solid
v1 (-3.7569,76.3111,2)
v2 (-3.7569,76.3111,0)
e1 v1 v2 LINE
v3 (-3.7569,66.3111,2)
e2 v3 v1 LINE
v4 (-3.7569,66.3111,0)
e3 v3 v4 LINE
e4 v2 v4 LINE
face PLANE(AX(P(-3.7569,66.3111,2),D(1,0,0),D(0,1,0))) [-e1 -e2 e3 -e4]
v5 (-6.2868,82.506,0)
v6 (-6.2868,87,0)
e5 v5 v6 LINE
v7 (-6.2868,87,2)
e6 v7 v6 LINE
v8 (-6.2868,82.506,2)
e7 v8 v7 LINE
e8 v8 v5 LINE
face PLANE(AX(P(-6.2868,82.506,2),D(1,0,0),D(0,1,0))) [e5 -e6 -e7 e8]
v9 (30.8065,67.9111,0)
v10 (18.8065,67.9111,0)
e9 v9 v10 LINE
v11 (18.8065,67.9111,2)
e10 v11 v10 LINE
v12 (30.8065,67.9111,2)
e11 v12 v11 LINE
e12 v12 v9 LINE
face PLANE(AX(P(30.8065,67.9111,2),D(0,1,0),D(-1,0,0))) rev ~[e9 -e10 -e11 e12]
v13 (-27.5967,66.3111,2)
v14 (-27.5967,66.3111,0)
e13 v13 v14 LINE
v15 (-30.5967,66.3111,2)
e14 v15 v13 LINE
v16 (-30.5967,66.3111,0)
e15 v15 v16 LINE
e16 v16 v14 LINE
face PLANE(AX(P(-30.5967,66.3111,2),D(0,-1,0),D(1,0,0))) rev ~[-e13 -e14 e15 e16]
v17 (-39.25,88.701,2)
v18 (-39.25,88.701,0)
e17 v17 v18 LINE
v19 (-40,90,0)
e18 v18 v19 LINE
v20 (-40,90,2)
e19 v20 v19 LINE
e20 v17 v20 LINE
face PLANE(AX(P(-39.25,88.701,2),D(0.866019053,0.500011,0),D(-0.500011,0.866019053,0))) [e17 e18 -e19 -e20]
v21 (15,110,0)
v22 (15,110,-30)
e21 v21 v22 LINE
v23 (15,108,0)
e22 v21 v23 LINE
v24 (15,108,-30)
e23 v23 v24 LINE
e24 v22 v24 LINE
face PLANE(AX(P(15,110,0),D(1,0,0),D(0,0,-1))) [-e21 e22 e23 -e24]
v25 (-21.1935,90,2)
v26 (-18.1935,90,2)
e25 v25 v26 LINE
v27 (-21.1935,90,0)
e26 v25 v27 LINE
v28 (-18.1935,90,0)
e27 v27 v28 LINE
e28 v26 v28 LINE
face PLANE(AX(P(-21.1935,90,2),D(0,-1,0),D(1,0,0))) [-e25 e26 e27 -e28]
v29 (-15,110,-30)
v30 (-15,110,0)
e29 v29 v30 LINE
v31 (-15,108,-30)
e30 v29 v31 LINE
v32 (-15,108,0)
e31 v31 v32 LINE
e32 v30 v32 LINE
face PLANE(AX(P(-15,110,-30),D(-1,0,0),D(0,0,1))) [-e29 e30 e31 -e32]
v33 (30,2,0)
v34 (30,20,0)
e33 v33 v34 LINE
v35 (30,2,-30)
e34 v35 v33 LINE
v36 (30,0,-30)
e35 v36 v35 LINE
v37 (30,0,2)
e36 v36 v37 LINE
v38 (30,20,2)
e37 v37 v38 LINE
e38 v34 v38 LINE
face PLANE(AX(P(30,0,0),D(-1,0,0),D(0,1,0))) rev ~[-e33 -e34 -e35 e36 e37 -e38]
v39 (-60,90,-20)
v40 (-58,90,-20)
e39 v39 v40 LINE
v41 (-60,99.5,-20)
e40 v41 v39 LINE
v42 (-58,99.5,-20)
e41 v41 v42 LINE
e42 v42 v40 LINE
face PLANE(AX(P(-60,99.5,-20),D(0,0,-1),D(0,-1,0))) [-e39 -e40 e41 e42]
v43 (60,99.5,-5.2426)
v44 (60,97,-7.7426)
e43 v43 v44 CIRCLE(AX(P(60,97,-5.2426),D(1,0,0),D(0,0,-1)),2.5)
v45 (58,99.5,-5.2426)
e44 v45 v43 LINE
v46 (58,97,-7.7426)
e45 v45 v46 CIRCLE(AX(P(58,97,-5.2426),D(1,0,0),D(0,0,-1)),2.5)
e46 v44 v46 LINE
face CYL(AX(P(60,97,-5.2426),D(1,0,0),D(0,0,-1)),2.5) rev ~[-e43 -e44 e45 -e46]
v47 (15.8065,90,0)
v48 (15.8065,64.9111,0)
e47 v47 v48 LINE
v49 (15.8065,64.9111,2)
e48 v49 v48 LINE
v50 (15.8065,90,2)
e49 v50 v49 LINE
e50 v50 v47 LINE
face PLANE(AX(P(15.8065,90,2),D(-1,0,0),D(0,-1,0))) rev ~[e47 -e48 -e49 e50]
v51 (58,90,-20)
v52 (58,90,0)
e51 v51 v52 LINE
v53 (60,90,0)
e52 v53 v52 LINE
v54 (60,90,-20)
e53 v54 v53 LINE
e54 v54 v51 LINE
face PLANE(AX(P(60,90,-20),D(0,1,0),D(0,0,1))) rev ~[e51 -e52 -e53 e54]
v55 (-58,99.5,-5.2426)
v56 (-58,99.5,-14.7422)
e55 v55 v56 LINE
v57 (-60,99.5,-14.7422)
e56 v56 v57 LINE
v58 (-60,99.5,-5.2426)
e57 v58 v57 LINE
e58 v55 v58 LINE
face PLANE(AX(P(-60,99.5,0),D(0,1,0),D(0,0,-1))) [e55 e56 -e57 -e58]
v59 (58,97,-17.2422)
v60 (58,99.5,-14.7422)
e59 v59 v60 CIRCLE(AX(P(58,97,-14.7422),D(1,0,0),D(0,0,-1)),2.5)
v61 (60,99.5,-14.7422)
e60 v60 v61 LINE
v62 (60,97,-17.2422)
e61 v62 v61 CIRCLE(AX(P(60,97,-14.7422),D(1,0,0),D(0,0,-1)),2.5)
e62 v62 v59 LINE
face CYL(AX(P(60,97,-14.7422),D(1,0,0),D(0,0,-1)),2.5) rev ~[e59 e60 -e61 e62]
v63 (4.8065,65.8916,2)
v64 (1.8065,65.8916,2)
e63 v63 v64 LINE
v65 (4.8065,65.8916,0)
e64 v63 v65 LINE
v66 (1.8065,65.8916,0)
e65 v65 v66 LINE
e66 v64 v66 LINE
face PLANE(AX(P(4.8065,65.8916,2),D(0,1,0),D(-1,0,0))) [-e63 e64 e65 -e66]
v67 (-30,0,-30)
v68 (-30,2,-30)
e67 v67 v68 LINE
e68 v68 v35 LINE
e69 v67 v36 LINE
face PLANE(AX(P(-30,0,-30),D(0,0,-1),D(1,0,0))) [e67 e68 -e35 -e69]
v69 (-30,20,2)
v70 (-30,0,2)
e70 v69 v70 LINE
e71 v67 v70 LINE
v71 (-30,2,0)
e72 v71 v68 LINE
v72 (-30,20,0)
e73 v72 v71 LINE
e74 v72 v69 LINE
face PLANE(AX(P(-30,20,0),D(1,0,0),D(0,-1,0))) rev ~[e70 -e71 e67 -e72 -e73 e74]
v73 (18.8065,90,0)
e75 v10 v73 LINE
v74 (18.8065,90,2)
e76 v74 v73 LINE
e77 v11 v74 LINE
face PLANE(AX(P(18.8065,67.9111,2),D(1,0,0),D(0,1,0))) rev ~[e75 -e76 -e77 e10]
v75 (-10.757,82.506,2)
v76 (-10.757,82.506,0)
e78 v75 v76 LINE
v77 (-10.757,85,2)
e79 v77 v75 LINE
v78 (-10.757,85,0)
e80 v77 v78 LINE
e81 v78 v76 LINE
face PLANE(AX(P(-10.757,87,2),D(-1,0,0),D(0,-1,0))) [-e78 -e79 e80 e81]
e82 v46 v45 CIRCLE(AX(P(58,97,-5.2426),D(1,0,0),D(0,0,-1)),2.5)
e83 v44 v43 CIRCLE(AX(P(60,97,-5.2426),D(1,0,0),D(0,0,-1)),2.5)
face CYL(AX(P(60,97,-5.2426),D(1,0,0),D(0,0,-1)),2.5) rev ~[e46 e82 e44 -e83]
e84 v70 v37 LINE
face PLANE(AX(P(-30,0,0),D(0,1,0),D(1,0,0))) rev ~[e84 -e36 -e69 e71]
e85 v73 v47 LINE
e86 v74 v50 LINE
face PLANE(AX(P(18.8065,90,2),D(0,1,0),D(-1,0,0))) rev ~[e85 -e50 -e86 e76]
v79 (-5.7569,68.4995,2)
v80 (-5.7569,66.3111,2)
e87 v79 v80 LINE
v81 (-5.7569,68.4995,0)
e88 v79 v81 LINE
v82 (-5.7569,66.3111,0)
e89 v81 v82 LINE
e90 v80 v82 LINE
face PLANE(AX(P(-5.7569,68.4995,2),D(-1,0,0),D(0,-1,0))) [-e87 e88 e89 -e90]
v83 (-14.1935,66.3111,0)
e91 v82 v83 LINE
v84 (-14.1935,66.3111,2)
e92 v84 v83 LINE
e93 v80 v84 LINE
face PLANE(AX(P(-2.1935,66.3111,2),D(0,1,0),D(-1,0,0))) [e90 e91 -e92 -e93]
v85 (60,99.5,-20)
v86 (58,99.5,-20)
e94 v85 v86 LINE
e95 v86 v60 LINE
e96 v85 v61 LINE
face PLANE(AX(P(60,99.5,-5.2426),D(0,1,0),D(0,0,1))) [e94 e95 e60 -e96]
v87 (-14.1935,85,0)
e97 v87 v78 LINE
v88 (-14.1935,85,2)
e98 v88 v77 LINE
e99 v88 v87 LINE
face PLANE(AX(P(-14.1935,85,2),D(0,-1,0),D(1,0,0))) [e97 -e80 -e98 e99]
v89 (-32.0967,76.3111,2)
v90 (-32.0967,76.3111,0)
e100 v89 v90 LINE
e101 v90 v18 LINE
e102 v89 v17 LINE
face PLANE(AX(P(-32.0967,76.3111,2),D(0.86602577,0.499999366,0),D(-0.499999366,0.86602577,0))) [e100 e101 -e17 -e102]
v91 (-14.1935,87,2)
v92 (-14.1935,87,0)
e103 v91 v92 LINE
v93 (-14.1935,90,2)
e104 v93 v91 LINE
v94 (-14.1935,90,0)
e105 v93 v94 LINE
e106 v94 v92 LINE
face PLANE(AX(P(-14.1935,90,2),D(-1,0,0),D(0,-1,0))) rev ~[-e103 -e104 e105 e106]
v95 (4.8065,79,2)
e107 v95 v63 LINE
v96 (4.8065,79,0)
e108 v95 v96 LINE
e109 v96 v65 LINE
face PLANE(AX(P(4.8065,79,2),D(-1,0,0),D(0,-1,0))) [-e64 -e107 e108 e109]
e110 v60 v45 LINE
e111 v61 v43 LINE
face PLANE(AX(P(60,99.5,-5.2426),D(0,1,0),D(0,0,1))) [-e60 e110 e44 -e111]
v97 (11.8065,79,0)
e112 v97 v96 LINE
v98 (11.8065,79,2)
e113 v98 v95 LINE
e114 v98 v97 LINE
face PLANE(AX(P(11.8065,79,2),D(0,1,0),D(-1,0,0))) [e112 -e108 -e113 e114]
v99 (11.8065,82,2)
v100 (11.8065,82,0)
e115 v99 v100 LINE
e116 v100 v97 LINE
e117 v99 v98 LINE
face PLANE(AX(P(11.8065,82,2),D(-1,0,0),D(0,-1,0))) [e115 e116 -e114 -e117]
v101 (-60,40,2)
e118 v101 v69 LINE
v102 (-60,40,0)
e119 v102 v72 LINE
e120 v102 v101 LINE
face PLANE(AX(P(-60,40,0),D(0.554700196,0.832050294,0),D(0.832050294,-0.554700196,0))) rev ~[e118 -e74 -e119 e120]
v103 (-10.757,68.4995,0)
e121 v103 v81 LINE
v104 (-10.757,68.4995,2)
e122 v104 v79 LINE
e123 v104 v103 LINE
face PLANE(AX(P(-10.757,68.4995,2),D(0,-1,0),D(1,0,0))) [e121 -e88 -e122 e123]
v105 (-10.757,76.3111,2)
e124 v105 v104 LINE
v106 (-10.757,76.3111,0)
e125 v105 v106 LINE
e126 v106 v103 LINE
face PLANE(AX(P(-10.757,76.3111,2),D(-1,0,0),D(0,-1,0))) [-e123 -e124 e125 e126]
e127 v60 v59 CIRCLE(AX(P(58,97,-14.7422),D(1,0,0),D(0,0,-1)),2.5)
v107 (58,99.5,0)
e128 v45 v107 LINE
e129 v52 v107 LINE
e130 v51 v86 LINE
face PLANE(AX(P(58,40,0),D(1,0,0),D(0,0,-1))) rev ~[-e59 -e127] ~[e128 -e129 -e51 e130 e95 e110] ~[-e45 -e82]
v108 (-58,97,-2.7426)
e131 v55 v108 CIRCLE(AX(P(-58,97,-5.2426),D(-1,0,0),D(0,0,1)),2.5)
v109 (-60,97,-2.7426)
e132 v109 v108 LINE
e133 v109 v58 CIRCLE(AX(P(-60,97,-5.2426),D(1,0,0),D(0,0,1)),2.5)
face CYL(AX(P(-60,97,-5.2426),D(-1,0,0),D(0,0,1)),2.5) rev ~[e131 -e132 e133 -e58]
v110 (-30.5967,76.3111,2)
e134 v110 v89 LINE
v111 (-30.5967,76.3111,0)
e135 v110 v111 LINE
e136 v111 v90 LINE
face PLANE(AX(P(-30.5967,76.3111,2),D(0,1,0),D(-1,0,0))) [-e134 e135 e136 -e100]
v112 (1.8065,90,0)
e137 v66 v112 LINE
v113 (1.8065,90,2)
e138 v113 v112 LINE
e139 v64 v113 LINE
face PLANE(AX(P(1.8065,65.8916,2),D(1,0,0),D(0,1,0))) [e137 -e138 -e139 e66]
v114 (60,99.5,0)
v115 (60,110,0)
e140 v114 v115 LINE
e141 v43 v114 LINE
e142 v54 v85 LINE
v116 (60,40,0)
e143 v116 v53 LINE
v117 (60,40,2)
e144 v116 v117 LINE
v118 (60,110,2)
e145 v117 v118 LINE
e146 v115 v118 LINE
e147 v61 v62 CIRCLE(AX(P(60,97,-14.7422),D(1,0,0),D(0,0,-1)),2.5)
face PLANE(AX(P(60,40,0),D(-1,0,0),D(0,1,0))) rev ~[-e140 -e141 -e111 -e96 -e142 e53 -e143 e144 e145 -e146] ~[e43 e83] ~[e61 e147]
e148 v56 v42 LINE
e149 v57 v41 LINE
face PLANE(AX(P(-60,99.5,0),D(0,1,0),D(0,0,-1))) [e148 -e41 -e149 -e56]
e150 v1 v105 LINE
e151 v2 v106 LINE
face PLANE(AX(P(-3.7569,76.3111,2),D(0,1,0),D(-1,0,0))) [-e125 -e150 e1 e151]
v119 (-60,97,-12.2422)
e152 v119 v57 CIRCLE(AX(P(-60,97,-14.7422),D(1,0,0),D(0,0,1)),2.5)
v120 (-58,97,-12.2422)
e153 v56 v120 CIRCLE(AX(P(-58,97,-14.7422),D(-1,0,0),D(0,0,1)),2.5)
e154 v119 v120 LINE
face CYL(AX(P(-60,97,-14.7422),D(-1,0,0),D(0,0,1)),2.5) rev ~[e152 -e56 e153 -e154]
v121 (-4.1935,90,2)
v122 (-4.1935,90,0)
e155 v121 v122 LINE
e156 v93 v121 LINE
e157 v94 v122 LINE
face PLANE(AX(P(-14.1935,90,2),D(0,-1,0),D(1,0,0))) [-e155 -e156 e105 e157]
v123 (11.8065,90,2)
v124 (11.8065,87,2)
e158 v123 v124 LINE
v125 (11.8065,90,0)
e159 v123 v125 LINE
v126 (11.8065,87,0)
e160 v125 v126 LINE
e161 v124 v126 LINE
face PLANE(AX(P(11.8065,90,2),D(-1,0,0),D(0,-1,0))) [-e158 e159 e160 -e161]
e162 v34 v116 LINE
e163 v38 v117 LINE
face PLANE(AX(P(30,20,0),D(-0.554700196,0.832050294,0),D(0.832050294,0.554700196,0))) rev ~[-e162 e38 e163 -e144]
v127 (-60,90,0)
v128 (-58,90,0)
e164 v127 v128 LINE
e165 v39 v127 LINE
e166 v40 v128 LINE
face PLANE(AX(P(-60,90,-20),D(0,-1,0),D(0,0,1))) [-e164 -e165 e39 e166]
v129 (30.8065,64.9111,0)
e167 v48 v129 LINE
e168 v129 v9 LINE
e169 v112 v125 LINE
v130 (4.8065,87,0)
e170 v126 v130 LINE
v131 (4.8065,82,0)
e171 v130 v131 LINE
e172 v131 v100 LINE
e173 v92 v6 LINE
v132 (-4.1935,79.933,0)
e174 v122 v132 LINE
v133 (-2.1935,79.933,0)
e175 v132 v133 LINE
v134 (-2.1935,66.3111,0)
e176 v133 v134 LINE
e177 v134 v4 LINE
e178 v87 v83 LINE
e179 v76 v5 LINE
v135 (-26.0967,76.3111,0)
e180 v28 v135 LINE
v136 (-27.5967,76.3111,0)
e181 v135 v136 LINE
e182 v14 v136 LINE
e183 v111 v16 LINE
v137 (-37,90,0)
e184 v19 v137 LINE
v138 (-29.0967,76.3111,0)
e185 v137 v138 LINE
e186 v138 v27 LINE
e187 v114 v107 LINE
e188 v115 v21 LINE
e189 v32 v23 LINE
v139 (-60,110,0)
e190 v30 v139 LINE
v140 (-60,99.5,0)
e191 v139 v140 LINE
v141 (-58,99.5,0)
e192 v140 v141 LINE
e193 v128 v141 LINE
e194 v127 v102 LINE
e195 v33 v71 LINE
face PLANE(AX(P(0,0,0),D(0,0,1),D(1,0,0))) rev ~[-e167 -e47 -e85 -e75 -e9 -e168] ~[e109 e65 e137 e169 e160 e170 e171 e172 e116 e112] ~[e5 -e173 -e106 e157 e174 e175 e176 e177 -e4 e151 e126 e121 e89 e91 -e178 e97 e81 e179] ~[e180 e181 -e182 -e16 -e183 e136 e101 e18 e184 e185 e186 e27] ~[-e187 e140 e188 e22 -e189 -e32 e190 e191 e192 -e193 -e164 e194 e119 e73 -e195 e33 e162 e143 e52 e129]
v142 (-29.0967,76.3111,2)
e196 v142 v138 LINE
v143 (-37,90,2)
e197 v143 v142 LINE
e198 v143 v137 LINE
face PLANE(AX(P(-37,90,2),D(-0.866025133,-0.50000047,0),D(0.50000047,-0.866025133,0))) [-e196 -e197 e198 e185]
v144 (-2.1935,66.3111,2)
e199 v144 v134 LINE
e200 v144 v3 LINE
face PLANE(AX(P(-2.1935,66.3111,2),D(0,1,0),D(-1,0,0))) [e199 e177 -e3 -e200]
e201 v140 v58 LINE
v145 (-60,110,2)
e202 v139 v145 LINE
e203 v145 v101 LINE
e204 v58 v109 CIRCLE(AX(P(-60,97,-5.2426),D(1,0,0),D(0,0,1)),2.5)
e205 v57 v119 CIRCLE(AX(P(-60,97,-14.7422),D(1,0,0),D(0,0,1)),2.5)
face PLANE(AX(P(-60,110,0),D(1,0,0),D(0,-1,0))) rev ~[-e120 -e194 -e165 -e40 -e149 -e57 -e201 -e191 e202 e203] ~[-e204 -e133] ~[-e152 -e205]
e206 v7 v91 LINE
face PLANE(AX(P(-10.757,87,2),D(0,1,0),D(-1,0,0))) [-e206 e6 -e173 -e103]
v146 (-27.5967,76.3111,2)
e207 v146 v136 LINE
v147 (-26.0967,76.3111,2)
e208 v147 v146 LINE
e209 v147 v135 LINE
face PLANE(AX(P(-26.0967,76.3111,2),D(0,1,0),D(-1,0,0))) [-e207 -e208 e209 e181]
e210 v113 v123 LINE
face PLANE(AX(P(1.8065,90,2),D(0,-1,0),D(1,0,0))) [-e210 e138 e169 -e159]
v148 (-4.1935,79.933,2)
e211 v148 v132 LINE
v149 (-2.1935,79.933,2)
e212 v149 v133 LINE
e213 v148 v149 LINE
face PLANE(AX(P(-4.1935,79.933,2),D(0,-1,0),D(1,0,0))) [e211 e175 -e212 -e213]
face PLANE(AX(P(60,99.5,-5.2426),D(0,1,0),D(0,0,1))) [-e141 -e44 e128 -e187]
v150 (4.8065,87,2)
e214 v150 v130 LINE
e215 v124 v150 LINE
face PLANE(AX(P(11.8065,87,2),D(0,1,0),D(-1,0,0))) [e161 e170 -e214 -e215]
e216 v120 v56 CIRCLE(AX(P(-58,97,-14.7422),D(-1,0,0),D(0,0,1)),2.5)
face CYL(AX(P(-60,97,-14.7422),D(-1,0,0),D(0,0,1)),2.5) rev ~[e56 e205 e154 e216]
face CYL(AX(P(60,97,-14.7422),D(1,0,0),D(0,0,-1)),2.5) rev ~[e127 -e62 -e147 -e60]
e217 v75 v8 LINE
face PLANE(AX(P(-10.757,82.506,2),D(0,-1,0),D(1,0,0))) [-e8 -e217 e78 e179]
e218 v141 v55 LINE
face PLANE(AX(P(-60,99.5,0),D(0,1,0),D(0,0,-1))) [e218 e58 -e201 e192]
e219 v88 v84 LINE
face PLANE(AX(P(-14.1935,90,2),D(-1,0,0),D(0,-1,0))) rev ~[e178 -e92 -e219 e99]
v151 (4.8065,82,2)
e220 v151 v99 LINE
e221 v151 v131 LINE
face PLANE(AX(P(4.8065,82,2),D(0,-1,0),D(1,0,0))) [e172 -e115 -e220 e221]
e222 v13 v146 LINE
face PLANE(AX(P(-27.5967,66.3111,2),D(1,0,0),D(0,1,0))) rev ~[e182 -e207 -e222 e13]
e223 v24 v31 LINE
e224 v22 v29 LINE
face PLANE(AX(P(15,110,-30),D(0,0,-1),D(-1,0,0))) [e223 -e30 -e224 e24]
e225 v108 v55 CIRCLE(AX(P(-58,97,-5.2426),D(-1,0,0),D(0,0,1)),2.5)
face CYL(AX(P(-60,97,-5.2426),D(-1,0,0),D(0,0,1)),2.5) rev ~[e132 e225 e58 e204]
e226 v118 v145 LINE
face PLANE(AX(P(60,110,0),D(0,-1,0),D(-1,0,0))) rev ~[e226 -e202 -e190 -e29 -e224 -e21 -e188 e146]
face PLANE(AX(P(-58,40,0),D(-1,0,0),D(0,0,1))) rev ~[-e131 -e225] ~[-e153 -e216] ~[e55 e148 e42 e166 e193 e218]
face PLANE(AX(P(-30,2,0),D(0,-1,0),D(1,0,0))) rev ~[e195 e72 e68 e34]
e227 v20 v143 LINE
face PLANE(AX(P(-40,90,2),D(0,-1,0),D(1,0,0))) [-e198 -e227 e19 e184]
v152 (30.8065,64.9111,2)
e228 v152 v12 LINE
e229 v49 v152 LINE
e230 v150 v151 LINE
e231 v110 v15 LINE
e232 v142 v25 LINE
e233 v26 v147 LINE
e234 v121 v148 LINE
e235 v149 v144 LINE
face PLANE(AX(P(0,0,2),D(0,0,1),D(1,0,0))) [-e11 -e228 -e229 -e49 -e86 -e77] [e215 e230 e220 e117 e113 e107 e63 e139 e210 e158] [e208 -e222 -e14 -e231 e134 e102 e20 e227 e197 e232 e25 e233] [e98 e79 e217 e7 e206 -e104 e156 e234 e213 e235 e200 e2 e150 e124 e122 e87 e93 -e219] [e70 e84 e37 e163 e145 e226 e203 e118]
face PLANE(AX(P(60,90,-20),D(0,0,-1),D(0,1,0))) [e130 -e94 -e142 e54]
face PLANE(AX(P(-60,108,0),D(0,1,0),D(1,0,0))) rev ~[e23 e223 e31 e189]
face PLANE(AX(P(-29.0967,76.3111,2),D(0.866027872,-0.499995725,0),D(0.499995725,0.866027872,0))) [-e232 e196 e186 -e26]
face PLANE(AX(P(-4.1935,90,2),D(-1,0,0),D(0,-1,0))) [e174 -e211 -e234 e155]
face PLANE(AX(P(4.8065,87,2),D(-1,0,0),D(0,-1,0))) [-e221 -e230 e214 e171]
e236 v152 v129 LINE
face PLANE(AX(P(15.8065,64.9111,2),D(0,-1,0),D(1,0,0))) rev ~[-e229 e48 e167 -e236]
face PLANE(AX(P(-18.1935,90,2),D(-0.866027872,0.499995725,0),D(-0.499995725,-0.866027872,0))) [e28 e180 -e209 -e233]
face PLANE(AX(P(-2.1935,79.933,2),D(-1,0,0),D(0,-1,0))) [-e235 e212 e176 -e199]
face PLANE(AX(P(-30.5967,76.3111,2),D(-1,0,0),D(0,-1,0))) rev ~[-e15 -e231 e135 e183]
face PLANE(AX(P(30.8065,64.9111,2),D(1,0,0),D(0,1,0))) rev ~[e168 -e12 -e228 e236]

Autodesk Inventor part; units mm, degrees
ref_plane "YZ Plane" through (0, 0, 0) normal (1, 0, 0) x (0, 1, 0)
ref_plane "XZ Plane" through (0, 0, 0) normal (0, 1, 0) x (-1, 0, 0)
ref_plane "XY Plane" through (0, 0, 0) normal (0, 0, 1) x (1, 0, 0)
sketch "Sketch1" plane through (0, 0, 0) normal (0, 0, 1) x (1, 0, 0)
  line L0 (-30, 0) -> (30, 0)
  line L1 (30, 0) -> (30, 20)
  line L2 (-30, 20) -> (-30, 0)
  line L3 (60, 40) -> (60, 110)
  line L4 (60, 110) -> (-60, 110)
  line L5 (-60, 110) -> (-60, 40)
  line L6 (-60, 40) -> (-30, 20)
  line L7 (30, 20) -> (60, 40)
  point P0 (0, 0)
  dimension "d0" = 60
  dimension "d1" = 20
  dimension "d2" = 120
  dimension "d3" = 70
extrude "Extrusion1" add sketch "Sketch1" along normal blind 2
sketch "Sketch2" plane through (-30, 0, 0) normal (0, -1, 0) x (1, 0, 0)
  line L0 (60, 0) -> (60, 2) projected
  line L1 (60, 0) -> (0, 0)
  line L2 (0, 0) -> (0, -30)
  line L3 (0, -30) -> (60, -30)
  line L4 (60, -30) -> (60, 0)
  point P0 (30, 0)
  dimension "d6" = 60
  dimension "d7" = 30
extrude "Extrusion2" add sketch "Sketch2" against normal blind 2
sketch "Sketch3" plane through (0, 0, 2) normal (0, 0, 1) x (1, 0, 0)
  line L0 (-37, 90) -> (-29.0967, 76.3111)
  line L1 (-37, 90) -> (-21.1935, 90) construction
  line L2 (-30.5967, 76.3111) -> (-32.0967, 76.3111)
  line L3 (-32.0967, 76.3111) -> (-39.25, 88.701)
  line L4 (-39.25, 88.701) -> (-40, 90)
  line L5 (-40, 90) -> (-37, 90)
  line L6 (-29.0967, 76.3111) -> (-21.1935, 90)
  line L7 (-21.1935, 90) -> (-18.1935, 90)
  line L8 (-18.1935, 90) -> (-26.0967, 76.3111)
  line L9 (-26.0967, 76.3111) -> (-27.5967, 76.3111)
  line L10 (-30.5967, 76.3111) -> (-30.5967, 66.3111)
  line L11 (-30.5967, 66.3111) -> (-27.5967, 66.3111)
  line L12 (-27.5967, 66.3111) -> (-27.5967, 76.3111)
  line L13 (-14.1935, 90) -> (-14.1935, 66.3111)
  line L14 (-14.1935, 90) -> (-4.1935, 90)
  line L15 (-4.1935, 90) -> (-4.1935, 79.933)
  line L16 (-4.1935, 79.933) -> (-2.1935, 79.933)
  line L17 (-2.1935, 79.933) -> (-2.1935, 66.3111)
  line L18 (-2.1935, 66.3111) -> (-14.1935, 66.3111)
  line L19 (-10.757, 87) -> (-10.757, 82.506)
  line L20 (-10.757, 82.506) -> (-6.2868, 82.506)
  line L21 (-6.2868, 82.506) -> (-6.2868, 87)
  line L22 (-6.2868, 87) -> (-10.757, 87)
  line L23 (-10.757, 76.3111) -> (-10.757, 68.4995)
  line L24 (-10.757, 68.4995) -> (-3.7569, 68.4995)
  line L25 (-3.7569, 68.4995) -> (-3.7569, 76.3111)
  line L26 (-3.7569, 76.3111) -> (-10.757, 76.3111)
  line L27 (1.8065, 65.8916) -> (1.8065, 90)
  line L28 (1.8065, 90) -> (11.8065, 90)
  line L29 (11.8065, 90) -> (11.8065, 87)
  line L30 (11.8065, 87) -> (4.8065, 87)
  line L31 (4.8065, 87) -> (4.8065, 82)
  line L32 (4.8065, 82) -> (11.8065, 82)
  line L33 (11.8065, 82) -> (11.8065, 79)
  line L34 (11.8065, 79) -> (4.8065, 79)
  line L35 (4.8065, 79) -> (4.8065, 65.8916)
  line L36 (4.8065, 65.8916) -> (1.8065, 65.8916)
  line L37 (15.8065, 90) -> (15.8065, 64.9111)
  line L38 (15.8065, 64.9111) -> (30.8065, 64.9111)
  line L39 (30.8065, 64.9111) -> (30.8065, 67.9111)
  line L40 (30.8065, 67.9111) -> (18.8065, 67.9111)
  line L41 (18.8065, 67.9111) -> (18.8065, 90)
  line L42 (18.8065, 90) -> (15.8065, 90)
  point P0 (0, 0)
  dimension "d10" = 60
  dimension "d12" = 3
  dimension "d13" = 60
  dimension "d14" = 10
  dimension "d15" = 10
  dimension "d16" = 2
  dimension "d17" = 10
  dimension "d19" = 3
  dimension "d20" = 7
  dimension "d21" = 5
  dimension "d22" = 3
  dimension "d23" = 15
  dimension "d25" = 3
  dimension "d26" = 12
  dimension "d27" = 4
  dimension "d28" = 4
  dimension "d29" = 4
extrude "Extrusion3" cut sketch "Sketch3" against normal blind 2
sketch "Sketch6" plane through (0, 0, 2) normal (0, 0, 1) x (1, 0, 0)
  line L0 (-14.1935, 66.3111) -> (-2.1935, 66.3111) projected
  line L1 (-3.7569, 68.4995) -> (-5.7569, 68.4995)
  line L2 (-5.7569, 68.4995) -> (-5.7569, 66.3111)
  line L3 (-5.7569, 66.3111) -> (-3.7569, 66.3111)
  line L4 (-3.7569, 66.3111) -> (-3.7569, 68.4995)
  line L5 (-14.1935, 90) -> (-14.1935, 66.3111) projected
  line L6 (-10.757, 87) -> (-14.1935, 87)
  line L7 (-14.1935, 87) -> (-14.1935, 85)
  line L8 (-14.1935, 85) -> (-10.757, 85)
  line L9 (-10.757, 85) -> (-10.757, 87)
  point P0 (0, 0)
  dimension "d32" = 2
  dimension "d33" = 2
extrude "Extrusion4" add sketch "Sketch6" against normal blind 2
sketch "Sketch8" plane through (-60, 110, 0) normal (0, 1, 0) x (1, 0, 0)
  line L0 (45, 0) -> (75, 0)
  line L1 (75, 0) -> (75, 30)
  line L2 (75, 30) -> (45, 30)
  line L3 (45, 30) -> (45, 0)
  point P0 (60, 0)
  dimension "d36" = 30
  dimension "d37" = 30
extrude "Extrusion5" add sketch "Sketch8" against normal blind 2
sketch "Sketch9" plane through (-60, 40, 0) normal (-1, 0, 0) x (0, 0, 1)
  line L0 (0, 0) -> (0, 70) projected
  line L1 (0, 59.5) -> (-20, 59.5)
  line L2 (-20, 59.5) -> (-20, 50)
  line L3 (-20, 50) -> (0, 50)
  line L4 (0, 50) -> (0, 59.5)
  line L5 (0, 0) -> (2, 0) projected
  point P0 (0, -40)
  dimension "d40" = 20
  dimension "d41" = 9.5
  dimension "d56" = 50
extrude "Extrusion6" add sketch "Sketch9" against normal blind 2
sketch "Sketch10" plane through (-60, 40, 2) normal (-1, 0, 0) x (0, 0, 1)
  circle A0 centre (-16.7422, 57) radius 2.5
  line L0 (-2, 59.5) -> (-22, 59.5) projected
  line L1 (-22, 59.5) -> (-22, 50) projected
  circle A1 centre (-7.2426, 57) radius 2.5
  point P0 (-2, -40)
  dimension "d44" = 5
  dimension "d45" = 2.5
  dimension "d46" = 5.2578
  dimension "d47" = 5
  dimension "d48" = 2.5
  dimension "d49" = 9.4996
extrude "Extrusion7" cut sketch "Sketch10" against normal blind 2
sketch "Sketch12" plane through (60, 40, 0) normal (1, 0, 0) x (0, 0, -1)
  line L0 (5.2426, 59.5) -> (0, 59.5) projected
  line L1 (20, 50) -> (20, 59.5) projected
  line L2 (0, 59.5) -> (20, 59.5)
  line L3 (20, 59.5) -> (20, 50)
  line L4 (20, 50) -> (0, 50)
  line L5 (0, 50) -> (0, 59.5)
  point P0 (0, -40)
extrude "Extrusion8" add sketch "Sketch12" against normal blind 2
sketch "Sketch13" plane through (60, 40, 2) normal (1, 0, 0) x (0, 0, -1)
  circle A0 centre (7.2426, 57) radius 2.5 projected
  circle A1 centre (7.2426, 57) radius 2.5
  circle A2 centre (16.7422, 57) radius 2.5 projected
  circle A3 centre (16.7422, 57) radius 2.5
  point P0 (2, -40)
  point P1 (7.2426, 59.5)
  point P2 (16.7422, 59.5)
extrude "Extrusion9" cut sketch "Sketch13" against normal blind 2
properties part number "Body Front"
